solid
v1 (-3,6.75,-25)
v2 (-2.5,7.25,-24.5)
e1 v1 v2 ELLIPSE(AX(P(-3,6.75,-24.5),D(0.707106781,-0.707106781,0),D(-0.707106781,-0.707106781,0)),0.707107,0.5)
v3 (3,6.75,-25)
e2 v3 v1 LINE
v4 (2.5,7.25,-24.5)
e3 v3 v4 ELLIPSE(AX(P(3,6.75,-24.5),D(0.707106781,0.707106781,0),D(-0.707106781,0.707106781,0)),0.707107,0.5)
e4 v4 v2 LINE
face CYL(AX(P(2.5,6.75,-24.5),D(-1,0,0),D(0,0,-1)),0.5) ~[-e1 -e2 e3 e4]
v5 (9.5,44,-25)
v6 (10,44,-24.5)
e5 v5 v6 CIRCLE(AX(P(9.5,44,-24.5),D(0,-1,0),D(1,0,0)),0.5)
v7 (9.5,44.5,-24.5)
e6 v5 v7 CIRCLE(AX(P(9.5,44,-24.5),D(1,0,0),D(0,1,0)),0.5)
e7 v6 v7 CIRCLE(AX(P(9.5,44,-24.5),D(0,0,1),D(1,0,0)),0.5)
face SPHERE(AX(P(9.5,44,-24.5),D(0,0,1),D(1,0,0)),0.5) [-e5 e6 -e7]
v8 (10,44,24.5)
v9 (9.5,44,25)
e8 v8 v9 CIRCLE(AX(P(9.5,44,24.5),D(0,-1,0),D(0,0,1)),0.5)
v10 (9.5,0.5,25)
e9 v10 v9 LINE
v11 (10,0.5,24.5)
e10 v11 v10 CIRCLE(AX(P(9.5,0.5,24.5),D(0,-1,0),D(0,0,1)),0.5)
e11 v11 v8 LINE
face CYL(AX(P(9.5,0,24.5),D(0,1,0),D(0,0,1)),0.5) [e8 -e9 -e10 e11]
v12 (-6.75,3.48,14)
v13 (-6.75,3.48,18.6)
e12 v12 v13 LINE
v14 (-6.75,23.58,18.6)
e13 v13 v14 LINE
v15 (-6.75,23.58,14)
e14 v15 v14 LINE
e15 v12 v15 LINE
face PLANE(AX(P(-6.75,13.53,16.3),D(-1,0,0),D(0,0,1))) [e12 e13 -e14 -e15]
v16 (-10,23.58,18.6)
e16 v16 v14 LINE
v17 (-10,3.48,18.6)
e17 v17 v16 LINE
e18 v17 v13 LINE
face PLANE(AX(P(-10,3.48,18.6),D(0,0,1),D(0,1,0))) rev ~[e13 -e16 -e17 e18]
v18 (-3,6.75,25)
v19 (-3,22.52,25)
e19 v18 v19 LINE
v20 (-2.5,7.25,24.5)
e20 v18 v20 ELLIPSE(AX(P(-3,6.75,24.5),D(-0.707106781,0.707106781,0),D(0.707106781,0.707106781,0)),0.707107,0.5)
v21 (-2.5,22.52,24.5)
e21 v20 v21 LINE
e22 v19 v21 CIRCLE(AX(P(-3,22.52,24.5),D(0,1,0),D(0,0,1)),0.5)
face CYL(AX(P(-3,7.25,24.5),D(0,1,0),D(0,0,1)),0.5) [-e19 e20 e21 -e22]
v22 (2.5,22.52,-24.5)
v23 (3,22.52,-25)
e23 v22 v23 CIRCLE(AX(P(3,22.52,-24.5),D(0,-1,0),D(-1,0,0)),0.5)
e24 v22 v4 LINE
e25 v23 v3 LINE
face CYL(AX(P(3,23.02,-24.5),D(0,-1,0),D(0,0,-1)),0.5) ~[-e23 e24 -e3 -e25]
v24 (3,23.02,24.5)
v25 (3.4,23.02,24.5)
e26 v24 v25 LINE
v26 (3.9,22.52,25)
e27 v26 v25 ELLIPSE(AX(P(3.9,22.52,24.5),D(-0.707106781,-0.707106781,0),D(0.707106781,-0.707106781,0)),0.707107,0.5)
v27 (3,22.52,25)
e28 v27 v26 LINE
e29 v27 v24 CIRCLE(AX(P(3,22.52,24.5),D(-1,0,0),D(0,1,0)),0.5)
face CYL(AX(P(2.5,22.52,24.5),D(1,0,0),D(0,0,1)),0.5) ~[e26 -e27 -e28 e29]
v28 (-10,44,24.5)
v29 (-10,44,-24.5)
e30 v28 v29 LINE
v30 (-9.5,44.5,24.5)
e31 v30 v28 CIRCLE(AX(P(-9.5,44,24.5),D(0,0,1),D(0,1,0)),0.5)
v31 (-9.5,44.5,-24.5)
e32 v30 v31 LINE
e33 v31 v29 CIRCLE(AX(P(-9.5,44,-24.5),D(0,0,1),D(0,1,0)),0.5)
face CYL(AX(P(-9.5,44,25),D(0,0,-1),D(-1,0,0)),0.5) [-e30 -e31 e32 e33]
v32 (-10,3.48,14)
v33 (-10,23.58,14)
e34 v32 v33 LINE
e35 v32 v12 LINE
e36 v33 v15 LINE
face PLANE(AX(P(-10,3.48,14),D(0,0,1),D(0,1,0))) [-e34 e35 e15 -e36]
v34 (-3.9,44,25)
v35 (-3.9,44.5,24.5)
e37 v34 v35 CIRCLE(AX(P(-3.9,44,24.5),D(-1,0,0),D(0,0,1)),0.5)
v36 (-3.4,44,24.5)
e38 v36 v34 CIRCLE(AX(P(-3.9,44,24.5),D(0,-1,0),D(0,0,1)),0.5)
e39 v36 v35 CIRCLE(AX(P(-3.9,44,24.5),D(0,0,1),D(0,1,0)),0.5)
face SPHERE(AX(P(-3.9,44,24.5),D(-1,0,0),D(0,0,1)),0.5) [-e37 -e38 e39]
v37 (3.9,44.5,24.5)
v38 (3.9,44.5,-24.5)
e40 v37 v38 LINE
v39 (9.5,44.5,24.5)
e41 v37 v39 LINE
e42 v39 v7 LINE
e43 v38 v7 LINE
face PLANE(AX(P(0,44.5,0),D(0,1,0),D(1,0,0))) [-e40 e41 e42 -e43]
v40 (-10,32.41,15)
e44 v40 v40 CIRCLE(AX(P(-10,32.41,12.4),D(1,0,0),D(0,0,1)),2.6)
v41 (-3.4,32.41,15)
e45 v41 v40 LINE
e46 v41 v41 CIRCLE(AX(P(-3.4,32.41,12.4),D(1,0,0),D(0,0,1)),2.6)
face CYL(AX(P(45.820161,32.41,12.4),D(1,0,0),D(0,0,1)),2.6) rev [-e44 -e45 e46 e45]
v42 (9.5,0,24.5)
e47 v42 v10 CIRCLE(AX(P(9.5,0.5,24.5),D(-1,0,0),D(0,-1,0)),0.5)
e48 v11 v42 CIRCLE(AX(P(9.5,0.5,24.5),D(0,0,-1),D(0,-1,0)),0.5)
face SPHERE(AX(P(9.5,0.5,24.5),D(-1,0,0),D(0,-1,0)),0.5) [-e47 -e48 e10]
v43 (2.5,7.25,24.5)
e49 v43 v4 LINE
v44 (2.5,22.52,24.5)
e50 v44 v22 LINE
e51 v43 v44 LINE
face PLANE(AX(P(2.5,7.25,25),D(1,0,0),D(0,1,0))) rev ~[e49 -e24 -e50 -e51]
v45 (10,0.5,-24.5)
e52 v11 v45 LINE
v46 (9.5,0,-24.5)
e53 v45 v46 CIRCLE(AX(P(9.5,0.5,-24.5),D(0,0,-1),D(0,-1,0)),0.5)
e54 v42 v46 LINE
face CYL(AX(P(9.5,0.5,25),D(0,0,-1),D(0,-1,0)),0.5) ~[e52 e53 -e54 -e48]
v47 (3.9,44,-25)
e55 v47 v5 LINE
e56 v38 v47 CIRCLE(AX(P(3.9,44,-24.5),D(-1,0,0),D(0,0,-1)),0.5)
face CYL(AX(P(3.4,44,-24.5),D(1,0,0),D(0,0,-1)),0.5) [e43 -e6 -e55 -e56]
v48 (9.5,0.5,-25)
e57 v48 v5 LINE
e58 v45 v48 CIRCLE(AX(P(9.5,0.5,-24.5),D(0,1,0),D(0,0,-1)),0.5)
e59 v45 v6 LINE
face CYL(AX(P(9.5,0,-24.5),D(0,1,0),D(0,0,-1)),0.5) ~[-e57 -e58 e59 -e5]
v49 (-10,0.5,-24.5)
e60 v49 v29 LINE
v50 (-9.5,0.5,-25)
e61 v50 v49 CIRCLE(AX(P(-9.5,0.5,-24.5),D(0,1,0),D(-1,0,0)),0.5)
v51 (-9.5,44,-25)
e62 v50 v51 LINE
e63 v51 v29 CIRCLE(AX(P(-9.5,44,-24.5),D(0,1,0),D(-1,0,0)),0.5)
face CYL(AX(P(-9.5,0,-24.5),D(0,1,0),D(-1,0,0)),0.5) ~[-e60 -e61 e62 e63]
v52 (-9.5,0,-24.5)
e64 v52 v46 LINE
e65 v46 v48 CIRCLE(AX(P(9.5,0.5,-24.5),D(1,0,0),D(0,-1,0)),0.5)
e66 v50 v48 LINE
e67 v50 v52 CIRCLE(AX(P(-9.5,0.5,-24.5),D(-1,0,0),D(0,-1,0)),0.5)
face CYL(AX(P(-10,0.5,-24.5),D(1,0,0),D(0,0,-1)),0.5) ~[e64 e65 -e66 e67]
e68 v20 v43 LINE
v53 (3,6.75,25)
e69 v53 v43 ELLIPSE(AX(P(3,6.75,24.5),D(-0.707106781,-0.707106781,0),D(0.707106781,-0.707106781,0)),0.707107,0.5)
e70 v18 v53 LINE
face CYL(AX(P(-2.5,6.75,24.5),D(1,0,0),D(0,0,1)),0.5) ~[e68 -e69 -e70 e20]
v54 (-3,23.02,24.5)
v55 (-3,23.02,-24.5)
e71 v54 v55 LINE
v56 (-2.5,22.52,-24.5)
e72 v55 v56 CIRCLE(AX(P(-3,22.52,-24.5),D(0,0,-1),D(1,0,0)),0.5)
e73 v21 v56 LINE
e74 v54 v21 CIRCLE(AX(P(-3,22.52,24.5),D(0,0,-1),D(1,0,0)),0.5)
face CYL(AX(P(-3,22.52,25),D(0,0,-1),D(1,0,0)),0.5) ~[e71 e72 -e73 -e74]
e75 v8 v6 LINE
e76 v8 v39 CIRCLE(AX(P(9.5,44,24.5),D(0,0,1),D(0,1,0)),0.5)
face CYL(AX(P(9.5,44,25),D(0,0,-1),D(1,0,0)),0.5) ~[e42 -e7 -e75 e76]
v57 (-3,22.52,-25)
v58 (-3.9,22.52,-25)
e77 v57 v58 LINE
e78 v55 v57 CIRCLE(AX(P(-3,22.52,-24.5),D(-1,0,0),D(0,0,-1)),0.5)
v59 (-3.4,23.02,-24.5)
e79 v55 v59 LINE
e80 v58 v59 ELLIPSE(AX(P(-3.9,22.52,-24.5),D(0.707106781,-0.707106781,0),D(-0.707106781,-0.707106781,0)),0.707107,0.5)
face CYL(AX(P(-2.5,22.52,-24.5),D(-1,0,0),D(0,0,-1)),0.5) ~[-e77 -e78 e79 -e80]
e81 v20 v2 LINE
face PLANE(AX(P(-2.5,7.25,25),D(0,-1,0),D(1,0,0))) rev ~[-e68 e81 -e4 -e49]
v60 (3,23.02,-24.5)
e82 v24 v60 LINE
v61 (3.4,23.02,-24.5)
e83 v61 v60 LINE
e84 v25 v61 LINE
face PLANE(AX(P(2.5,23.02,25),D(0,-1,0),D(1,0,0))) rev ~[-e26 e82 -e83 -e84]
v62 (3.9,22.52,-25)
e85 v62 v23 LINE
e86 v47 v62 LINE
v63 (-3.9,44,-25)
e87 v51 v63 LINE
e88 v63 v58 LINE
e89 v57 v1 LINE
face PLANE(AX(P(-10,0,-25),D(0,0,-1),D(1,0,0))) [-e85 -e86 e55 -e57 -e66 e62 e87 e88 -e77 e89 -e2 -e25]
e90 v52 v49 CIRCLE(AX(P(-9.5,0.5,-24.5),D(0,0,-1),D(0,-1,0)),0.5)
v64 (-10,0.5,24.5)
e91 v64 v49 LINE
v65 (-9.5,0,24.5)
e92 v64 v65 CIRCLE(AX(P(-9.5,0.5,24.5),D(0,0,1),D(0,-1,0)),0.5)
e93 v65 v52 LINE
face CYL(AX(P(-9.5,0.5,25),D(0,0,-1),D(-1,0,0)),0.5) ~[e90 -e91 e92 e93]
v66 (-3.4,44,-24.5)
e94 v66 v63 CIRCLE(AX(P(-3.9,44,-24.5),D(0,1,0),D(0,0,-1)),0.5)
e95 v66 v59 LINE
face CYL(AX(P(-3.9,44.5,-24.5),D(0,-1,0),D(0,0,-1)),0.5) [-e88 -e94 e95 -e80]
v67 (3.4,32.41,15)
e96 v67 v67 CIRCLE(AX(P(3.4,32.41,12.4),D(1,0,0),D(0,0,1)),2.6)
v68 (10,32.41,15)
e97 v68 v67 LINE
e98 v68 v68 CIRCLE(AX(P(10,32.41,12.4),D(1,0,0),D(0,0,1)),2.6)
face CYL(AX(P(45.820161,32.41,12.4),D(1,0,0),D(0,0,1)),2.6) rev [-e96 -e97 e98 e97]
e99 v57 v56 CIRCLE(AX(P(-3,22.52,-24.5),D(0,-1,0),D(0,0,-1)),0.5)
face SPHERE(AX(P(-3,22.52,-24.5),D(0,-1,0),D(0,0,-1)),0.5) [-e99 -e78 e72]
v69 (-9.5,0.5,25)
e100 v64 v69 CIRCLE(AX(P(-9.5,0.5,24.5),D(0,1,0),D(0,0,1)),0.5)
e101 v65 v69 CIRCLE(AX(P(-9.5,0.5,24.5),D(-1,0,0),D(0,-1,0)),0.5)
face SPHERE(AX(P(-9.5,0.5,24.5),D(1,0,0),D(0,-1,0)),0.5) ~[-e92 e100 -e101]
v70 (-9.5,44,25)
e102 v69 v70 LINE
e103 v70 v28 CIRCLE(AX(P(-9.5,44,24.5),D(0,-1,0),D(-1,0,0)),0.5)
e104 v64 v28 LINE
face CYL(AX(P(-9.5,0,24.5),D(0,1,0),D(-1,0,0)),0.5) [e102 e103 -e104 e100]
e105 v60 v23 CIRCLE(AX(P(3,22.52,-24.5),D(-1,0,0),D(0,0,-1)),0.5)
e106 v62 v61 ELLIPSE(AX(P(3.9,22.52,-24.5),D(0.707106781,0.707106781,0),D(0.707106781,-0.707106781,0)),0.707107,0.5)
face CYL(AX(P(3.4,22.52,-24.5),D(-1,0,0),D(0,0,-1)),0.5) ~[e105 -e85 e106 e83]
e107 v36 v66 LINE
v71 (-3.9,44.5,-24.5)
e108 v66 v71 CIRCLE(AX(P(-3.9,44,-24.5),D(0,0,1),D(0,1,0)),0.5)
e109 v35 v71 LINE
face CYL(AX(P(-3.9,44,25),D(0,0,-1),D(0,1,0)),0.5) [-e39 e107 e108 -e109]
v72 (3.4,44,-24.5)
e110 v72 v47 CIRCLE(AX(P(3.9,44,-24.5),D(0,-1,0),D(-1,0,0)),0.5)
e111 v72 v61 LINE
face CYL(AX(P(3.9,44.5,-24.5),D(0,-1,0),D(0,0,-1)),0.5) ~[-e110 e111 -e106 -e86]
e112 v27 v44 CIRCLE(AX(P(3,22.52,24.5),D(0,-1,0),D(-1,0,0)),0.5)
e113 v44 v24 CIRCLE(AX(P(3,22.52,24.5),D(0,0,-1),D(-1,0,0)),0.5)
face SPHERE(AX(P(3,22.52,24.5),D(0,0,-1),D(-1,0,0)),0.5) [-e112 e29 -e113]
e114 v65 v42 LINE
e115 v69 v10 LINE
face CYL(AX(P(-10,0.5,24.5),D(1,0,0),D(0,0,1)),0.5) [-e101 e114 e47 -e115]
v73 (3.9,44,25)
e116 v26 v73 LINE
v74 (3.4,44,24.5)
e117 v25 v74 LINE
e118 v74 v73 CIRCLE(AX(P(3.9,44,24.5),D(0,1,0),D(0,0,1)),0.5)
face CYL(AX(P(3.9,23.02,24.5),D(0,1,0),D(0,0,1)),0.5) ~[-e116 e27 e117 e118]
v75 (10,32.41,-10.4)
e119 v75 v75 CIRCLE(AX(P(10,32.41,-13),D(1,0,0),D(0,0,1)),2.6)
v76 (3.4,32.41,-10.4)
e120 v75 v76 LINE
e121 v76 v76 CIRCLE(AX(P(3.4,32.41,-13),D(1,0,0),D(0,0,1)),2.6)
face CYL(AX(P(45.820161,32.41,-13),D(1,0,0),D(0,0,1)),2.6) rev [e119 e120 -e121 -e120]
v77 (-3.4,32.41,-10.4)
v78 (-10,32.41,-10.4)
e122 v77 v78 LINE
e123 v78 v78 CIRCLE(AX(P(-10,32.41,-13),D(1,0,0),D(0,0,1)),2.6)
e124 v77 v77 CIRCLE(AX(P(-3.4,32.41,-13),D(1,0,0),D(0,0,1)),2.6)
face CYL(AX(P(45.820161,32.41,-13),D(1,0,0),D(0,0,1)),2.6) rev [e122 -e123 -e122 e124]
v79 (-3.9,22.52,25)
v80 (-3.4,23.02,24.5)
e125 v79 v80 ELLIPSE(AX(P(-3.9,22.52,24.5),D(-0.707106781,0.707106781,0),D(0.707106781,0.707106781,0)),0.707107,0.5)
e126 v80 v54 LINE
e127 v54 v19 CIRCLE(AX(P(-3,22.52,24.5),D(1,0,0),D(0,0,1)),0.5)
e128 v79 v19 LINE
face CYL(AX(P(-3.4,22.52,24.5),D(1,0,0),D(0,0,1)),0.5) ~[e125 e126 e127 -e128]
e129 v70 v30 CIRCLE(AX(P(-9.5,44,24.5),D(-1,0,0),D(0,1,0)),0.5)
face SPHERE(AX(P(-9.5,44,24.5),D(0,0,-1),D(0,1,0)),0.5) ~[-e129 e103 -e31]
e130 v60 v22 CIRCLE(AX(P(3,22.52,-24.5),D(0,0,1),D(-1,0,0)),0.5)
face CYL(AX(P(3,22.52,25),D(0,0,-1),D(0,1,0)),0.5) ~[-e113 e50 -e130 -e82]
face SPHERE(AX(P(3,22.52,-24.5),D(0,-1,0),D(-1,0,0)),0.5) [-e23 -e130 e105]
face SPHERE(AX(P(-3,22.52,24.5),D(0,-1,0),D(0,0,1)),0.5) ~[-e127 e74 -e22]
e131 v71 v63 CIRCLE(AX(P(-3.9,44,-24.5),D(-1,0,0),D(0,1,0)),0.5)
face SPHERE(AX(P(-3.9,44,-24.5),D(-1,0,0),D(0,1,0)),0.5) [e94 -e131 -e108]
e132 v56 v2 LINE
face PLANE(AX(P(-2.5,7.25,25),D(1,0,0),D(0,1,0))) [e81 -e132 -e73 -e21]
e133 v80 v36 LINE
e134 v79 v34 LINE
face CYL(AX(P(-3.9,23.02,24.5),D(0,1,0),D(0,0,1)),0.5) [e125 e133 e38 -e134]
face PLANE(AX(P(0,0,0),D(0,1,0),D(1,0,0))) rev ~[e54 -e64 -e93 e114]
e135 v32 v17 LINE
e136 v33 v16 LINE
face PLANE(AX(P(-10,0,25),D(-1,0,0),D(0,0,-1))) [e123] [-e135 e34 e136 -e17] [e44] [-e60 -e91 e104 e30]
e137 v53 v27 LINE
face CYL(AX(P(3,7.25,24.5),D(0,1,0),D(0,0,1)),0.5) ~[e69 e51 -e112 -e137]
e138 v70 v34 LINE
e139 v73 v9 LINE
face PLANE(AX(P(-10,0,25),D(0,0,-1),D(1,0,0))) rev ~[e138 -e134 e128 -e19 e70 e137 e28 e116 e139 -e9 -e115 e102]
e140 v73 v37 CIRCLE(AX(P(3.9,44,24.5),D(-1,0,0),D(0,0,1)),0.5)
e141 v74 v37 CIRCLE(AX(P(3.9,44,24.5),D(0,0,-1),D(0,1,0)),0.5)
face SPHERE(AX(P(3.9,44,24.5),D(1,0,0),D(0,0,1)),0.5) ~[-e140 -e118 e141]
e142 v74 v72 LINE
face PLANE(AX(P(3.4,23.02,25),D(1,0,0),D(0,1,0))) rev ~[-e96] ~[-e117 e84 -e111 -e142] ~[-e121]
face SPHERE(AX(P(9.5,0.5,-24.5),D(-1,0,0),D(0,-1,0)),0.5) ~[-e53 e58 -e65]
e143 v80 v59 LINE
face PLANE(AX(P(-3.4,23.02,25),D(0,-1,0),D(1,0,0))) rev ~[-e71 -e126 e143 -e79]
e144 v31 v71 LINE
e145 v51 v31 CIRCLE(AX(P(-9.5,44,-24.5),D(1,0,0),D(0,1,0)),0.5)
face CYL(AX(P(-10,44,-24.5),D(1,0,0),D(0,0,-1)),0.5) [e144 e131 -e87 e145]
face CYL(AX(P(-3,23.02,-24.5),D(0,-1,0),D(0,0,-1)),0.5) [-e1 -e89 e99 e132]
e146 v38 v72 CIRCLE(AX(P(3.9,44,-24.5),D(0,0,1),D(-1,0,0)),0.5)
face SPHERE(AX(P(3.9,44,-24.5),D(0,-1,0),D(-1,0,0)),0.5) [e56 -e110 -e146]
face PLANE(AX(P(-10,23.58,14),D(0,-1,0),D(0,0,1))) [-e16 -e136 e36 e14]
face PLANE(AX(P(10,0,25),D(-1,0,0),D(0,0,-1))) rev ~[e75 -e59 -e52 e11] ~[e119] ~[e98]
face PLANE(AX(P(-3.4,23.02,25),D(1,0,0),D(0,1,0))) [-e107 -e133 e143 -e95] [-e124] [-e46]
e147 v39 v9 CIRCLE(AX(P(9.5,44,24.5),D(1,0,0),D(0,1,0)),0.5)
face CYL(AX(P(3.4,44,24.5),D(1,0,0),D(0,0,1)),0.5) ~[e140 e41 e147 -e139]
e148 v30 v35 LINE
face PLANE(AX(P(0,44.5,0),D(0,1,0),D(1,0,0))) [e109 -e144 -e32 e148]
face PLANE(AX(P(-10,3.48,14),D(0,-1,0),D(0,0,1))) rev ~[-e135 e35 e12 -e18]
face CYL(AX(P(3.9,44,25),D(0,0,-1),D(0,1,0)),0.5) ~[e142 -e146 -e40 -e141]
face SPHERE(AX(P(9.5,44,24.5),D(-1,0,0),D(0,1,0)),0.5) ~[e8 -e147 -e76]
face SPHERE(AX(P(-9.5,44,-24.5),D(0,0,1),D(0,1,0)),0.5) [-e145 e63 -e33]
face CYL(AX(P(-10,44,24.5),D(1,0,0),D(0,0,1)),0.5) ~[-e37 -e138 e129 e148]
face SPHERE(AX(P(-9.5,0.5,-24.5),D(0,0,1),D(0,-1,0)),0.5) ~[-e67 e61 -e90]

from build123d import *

# Parameters (mm, degrees)
SKETCH2_W               = 20
SKETCH2_H               = 50
BOSS_EXTRUDE1_DEPTH     = 44.5
SKETCH3_W               = 6.8
SKETCH3_H               = 21.48
SKETCH3_W_2             = 5
SKETCH3_H_2             = 15.77
CUT_EXTRUDE3_DEPTH      = 68.677544282
FILLET1_R               = 0.5
SKETCH7_W               = 4.6
SKETCH7_H               = 20.1
CUT_EXTRUDE4_DEPTH      = 3.25
CUT_EXTRUDE5_DEPTH      = 55.820160525
CUT_EXTRUDE5_DEPTH_BACK = 55.820160525
SKETCH8_R               = 2.6


with BuildPart() as part:
    # Sketch2 → Boss-Extrude1 (new body)
    with BuildSketch(Plane(origin=(0, 0, 0), x_dir=(1, 0, 0), z_dir=(0, 1, 0))):
        Rectangle(SKETCH2_W, SKETCH2_H)
    extrude(amount=BOSS_EXTRUDE1_DEPTH)

    # Sketch3 → Cut-Extrude3 (cut, through all)
    with BuildSketch(Plane.XY.offset(25)):
        with Locations((0, 33.76)):
            Rectangle(SKETCH3_W, SKETCH3_H)
        with Locations((0, 15.135)):
            Rectangle(SKETCH3_W_2, SKETCH3_H_2)
    extrude(amount=-CUT_EXTRUDE3_DEPTH, mode=Mode.SUBTRACT)

    # Fillet1
    fillet1_edges = [part.edges().sort_by_distance(p)[0] for p in [
        (-10, 44.5, 0),
        (-6.7, 44.5, -25),
        (6.7, 44.5, 25),
        (-6.7, 44.5, 25),
        (0, 7.25, -25),
        (-2.5, 15.135, 25),
        (2.5, 15.135, -25),
        (2.5, 23.02, 0),
        (-2.5, 15.135, -25),
        (3.4, 33.76, -25),
        (0, 7.25, 25),
        (2.5, 15.135, 25),
        (2.95, 23.02, 25),
        (-3.4, 33.76, 25),
        (-2.95, 23.02, 25),
        (-3.4, 44.5, 0),
        (3.4, 33.76, 25),
        (3.4, 44.5, 0),
        (-3.4, 33.76, -25),
        (-2.95, 23.02, -25),
        (-2.5, 23.02, 0),
        (2.95, 23.02, -25),
        (10, 44.5, 0),
        (0, 0, 25),
        (-10, 0, 0),
        (0, 0, -25),
        (10, 0, 0),
        (10, 22.25, 25),
        (-10, 22.25, 25),
        (-10, 22.25, -25),
        (10, 22.25, -25),
        (6.7, 44.5, -25),
    ]]
    fillet(fillet1_edges, radius=FILLET1_R)

    # Sketch7 → Cut-Extrude4 (cut)
    with BuildSketch(Plane.ZY.offset(10)):
        with Locations((16.3, 13.53)):
            Rectangle(SKETCH7_W, SKETCH7_H)
    extrude(amount=-CUT_EXTRUDE4_DEPTH, mode=Mode.SUBTRACT)

    # Sketch8 → Cut-Extrude5 (cut, two sides: drawn at the far end of the back side and taken through both)
    with BuildSketch(Plane.ZY.offset(10).offset(-CUT_EXTRUDE5_DEPTH_BACK)):
        with Locations((-13, 32.41)):
            Circle(SKETCH8_R)
        with Locations((12.4, 32.41)):
            Circle(SKETCH8_R)
    extrude(amount=CUT_EXTRUDE5_DEPTH + CUT_EXTRUDE5_DEPTH_BACK, mode=Mode.SUBTRACT)


solid = part.part
